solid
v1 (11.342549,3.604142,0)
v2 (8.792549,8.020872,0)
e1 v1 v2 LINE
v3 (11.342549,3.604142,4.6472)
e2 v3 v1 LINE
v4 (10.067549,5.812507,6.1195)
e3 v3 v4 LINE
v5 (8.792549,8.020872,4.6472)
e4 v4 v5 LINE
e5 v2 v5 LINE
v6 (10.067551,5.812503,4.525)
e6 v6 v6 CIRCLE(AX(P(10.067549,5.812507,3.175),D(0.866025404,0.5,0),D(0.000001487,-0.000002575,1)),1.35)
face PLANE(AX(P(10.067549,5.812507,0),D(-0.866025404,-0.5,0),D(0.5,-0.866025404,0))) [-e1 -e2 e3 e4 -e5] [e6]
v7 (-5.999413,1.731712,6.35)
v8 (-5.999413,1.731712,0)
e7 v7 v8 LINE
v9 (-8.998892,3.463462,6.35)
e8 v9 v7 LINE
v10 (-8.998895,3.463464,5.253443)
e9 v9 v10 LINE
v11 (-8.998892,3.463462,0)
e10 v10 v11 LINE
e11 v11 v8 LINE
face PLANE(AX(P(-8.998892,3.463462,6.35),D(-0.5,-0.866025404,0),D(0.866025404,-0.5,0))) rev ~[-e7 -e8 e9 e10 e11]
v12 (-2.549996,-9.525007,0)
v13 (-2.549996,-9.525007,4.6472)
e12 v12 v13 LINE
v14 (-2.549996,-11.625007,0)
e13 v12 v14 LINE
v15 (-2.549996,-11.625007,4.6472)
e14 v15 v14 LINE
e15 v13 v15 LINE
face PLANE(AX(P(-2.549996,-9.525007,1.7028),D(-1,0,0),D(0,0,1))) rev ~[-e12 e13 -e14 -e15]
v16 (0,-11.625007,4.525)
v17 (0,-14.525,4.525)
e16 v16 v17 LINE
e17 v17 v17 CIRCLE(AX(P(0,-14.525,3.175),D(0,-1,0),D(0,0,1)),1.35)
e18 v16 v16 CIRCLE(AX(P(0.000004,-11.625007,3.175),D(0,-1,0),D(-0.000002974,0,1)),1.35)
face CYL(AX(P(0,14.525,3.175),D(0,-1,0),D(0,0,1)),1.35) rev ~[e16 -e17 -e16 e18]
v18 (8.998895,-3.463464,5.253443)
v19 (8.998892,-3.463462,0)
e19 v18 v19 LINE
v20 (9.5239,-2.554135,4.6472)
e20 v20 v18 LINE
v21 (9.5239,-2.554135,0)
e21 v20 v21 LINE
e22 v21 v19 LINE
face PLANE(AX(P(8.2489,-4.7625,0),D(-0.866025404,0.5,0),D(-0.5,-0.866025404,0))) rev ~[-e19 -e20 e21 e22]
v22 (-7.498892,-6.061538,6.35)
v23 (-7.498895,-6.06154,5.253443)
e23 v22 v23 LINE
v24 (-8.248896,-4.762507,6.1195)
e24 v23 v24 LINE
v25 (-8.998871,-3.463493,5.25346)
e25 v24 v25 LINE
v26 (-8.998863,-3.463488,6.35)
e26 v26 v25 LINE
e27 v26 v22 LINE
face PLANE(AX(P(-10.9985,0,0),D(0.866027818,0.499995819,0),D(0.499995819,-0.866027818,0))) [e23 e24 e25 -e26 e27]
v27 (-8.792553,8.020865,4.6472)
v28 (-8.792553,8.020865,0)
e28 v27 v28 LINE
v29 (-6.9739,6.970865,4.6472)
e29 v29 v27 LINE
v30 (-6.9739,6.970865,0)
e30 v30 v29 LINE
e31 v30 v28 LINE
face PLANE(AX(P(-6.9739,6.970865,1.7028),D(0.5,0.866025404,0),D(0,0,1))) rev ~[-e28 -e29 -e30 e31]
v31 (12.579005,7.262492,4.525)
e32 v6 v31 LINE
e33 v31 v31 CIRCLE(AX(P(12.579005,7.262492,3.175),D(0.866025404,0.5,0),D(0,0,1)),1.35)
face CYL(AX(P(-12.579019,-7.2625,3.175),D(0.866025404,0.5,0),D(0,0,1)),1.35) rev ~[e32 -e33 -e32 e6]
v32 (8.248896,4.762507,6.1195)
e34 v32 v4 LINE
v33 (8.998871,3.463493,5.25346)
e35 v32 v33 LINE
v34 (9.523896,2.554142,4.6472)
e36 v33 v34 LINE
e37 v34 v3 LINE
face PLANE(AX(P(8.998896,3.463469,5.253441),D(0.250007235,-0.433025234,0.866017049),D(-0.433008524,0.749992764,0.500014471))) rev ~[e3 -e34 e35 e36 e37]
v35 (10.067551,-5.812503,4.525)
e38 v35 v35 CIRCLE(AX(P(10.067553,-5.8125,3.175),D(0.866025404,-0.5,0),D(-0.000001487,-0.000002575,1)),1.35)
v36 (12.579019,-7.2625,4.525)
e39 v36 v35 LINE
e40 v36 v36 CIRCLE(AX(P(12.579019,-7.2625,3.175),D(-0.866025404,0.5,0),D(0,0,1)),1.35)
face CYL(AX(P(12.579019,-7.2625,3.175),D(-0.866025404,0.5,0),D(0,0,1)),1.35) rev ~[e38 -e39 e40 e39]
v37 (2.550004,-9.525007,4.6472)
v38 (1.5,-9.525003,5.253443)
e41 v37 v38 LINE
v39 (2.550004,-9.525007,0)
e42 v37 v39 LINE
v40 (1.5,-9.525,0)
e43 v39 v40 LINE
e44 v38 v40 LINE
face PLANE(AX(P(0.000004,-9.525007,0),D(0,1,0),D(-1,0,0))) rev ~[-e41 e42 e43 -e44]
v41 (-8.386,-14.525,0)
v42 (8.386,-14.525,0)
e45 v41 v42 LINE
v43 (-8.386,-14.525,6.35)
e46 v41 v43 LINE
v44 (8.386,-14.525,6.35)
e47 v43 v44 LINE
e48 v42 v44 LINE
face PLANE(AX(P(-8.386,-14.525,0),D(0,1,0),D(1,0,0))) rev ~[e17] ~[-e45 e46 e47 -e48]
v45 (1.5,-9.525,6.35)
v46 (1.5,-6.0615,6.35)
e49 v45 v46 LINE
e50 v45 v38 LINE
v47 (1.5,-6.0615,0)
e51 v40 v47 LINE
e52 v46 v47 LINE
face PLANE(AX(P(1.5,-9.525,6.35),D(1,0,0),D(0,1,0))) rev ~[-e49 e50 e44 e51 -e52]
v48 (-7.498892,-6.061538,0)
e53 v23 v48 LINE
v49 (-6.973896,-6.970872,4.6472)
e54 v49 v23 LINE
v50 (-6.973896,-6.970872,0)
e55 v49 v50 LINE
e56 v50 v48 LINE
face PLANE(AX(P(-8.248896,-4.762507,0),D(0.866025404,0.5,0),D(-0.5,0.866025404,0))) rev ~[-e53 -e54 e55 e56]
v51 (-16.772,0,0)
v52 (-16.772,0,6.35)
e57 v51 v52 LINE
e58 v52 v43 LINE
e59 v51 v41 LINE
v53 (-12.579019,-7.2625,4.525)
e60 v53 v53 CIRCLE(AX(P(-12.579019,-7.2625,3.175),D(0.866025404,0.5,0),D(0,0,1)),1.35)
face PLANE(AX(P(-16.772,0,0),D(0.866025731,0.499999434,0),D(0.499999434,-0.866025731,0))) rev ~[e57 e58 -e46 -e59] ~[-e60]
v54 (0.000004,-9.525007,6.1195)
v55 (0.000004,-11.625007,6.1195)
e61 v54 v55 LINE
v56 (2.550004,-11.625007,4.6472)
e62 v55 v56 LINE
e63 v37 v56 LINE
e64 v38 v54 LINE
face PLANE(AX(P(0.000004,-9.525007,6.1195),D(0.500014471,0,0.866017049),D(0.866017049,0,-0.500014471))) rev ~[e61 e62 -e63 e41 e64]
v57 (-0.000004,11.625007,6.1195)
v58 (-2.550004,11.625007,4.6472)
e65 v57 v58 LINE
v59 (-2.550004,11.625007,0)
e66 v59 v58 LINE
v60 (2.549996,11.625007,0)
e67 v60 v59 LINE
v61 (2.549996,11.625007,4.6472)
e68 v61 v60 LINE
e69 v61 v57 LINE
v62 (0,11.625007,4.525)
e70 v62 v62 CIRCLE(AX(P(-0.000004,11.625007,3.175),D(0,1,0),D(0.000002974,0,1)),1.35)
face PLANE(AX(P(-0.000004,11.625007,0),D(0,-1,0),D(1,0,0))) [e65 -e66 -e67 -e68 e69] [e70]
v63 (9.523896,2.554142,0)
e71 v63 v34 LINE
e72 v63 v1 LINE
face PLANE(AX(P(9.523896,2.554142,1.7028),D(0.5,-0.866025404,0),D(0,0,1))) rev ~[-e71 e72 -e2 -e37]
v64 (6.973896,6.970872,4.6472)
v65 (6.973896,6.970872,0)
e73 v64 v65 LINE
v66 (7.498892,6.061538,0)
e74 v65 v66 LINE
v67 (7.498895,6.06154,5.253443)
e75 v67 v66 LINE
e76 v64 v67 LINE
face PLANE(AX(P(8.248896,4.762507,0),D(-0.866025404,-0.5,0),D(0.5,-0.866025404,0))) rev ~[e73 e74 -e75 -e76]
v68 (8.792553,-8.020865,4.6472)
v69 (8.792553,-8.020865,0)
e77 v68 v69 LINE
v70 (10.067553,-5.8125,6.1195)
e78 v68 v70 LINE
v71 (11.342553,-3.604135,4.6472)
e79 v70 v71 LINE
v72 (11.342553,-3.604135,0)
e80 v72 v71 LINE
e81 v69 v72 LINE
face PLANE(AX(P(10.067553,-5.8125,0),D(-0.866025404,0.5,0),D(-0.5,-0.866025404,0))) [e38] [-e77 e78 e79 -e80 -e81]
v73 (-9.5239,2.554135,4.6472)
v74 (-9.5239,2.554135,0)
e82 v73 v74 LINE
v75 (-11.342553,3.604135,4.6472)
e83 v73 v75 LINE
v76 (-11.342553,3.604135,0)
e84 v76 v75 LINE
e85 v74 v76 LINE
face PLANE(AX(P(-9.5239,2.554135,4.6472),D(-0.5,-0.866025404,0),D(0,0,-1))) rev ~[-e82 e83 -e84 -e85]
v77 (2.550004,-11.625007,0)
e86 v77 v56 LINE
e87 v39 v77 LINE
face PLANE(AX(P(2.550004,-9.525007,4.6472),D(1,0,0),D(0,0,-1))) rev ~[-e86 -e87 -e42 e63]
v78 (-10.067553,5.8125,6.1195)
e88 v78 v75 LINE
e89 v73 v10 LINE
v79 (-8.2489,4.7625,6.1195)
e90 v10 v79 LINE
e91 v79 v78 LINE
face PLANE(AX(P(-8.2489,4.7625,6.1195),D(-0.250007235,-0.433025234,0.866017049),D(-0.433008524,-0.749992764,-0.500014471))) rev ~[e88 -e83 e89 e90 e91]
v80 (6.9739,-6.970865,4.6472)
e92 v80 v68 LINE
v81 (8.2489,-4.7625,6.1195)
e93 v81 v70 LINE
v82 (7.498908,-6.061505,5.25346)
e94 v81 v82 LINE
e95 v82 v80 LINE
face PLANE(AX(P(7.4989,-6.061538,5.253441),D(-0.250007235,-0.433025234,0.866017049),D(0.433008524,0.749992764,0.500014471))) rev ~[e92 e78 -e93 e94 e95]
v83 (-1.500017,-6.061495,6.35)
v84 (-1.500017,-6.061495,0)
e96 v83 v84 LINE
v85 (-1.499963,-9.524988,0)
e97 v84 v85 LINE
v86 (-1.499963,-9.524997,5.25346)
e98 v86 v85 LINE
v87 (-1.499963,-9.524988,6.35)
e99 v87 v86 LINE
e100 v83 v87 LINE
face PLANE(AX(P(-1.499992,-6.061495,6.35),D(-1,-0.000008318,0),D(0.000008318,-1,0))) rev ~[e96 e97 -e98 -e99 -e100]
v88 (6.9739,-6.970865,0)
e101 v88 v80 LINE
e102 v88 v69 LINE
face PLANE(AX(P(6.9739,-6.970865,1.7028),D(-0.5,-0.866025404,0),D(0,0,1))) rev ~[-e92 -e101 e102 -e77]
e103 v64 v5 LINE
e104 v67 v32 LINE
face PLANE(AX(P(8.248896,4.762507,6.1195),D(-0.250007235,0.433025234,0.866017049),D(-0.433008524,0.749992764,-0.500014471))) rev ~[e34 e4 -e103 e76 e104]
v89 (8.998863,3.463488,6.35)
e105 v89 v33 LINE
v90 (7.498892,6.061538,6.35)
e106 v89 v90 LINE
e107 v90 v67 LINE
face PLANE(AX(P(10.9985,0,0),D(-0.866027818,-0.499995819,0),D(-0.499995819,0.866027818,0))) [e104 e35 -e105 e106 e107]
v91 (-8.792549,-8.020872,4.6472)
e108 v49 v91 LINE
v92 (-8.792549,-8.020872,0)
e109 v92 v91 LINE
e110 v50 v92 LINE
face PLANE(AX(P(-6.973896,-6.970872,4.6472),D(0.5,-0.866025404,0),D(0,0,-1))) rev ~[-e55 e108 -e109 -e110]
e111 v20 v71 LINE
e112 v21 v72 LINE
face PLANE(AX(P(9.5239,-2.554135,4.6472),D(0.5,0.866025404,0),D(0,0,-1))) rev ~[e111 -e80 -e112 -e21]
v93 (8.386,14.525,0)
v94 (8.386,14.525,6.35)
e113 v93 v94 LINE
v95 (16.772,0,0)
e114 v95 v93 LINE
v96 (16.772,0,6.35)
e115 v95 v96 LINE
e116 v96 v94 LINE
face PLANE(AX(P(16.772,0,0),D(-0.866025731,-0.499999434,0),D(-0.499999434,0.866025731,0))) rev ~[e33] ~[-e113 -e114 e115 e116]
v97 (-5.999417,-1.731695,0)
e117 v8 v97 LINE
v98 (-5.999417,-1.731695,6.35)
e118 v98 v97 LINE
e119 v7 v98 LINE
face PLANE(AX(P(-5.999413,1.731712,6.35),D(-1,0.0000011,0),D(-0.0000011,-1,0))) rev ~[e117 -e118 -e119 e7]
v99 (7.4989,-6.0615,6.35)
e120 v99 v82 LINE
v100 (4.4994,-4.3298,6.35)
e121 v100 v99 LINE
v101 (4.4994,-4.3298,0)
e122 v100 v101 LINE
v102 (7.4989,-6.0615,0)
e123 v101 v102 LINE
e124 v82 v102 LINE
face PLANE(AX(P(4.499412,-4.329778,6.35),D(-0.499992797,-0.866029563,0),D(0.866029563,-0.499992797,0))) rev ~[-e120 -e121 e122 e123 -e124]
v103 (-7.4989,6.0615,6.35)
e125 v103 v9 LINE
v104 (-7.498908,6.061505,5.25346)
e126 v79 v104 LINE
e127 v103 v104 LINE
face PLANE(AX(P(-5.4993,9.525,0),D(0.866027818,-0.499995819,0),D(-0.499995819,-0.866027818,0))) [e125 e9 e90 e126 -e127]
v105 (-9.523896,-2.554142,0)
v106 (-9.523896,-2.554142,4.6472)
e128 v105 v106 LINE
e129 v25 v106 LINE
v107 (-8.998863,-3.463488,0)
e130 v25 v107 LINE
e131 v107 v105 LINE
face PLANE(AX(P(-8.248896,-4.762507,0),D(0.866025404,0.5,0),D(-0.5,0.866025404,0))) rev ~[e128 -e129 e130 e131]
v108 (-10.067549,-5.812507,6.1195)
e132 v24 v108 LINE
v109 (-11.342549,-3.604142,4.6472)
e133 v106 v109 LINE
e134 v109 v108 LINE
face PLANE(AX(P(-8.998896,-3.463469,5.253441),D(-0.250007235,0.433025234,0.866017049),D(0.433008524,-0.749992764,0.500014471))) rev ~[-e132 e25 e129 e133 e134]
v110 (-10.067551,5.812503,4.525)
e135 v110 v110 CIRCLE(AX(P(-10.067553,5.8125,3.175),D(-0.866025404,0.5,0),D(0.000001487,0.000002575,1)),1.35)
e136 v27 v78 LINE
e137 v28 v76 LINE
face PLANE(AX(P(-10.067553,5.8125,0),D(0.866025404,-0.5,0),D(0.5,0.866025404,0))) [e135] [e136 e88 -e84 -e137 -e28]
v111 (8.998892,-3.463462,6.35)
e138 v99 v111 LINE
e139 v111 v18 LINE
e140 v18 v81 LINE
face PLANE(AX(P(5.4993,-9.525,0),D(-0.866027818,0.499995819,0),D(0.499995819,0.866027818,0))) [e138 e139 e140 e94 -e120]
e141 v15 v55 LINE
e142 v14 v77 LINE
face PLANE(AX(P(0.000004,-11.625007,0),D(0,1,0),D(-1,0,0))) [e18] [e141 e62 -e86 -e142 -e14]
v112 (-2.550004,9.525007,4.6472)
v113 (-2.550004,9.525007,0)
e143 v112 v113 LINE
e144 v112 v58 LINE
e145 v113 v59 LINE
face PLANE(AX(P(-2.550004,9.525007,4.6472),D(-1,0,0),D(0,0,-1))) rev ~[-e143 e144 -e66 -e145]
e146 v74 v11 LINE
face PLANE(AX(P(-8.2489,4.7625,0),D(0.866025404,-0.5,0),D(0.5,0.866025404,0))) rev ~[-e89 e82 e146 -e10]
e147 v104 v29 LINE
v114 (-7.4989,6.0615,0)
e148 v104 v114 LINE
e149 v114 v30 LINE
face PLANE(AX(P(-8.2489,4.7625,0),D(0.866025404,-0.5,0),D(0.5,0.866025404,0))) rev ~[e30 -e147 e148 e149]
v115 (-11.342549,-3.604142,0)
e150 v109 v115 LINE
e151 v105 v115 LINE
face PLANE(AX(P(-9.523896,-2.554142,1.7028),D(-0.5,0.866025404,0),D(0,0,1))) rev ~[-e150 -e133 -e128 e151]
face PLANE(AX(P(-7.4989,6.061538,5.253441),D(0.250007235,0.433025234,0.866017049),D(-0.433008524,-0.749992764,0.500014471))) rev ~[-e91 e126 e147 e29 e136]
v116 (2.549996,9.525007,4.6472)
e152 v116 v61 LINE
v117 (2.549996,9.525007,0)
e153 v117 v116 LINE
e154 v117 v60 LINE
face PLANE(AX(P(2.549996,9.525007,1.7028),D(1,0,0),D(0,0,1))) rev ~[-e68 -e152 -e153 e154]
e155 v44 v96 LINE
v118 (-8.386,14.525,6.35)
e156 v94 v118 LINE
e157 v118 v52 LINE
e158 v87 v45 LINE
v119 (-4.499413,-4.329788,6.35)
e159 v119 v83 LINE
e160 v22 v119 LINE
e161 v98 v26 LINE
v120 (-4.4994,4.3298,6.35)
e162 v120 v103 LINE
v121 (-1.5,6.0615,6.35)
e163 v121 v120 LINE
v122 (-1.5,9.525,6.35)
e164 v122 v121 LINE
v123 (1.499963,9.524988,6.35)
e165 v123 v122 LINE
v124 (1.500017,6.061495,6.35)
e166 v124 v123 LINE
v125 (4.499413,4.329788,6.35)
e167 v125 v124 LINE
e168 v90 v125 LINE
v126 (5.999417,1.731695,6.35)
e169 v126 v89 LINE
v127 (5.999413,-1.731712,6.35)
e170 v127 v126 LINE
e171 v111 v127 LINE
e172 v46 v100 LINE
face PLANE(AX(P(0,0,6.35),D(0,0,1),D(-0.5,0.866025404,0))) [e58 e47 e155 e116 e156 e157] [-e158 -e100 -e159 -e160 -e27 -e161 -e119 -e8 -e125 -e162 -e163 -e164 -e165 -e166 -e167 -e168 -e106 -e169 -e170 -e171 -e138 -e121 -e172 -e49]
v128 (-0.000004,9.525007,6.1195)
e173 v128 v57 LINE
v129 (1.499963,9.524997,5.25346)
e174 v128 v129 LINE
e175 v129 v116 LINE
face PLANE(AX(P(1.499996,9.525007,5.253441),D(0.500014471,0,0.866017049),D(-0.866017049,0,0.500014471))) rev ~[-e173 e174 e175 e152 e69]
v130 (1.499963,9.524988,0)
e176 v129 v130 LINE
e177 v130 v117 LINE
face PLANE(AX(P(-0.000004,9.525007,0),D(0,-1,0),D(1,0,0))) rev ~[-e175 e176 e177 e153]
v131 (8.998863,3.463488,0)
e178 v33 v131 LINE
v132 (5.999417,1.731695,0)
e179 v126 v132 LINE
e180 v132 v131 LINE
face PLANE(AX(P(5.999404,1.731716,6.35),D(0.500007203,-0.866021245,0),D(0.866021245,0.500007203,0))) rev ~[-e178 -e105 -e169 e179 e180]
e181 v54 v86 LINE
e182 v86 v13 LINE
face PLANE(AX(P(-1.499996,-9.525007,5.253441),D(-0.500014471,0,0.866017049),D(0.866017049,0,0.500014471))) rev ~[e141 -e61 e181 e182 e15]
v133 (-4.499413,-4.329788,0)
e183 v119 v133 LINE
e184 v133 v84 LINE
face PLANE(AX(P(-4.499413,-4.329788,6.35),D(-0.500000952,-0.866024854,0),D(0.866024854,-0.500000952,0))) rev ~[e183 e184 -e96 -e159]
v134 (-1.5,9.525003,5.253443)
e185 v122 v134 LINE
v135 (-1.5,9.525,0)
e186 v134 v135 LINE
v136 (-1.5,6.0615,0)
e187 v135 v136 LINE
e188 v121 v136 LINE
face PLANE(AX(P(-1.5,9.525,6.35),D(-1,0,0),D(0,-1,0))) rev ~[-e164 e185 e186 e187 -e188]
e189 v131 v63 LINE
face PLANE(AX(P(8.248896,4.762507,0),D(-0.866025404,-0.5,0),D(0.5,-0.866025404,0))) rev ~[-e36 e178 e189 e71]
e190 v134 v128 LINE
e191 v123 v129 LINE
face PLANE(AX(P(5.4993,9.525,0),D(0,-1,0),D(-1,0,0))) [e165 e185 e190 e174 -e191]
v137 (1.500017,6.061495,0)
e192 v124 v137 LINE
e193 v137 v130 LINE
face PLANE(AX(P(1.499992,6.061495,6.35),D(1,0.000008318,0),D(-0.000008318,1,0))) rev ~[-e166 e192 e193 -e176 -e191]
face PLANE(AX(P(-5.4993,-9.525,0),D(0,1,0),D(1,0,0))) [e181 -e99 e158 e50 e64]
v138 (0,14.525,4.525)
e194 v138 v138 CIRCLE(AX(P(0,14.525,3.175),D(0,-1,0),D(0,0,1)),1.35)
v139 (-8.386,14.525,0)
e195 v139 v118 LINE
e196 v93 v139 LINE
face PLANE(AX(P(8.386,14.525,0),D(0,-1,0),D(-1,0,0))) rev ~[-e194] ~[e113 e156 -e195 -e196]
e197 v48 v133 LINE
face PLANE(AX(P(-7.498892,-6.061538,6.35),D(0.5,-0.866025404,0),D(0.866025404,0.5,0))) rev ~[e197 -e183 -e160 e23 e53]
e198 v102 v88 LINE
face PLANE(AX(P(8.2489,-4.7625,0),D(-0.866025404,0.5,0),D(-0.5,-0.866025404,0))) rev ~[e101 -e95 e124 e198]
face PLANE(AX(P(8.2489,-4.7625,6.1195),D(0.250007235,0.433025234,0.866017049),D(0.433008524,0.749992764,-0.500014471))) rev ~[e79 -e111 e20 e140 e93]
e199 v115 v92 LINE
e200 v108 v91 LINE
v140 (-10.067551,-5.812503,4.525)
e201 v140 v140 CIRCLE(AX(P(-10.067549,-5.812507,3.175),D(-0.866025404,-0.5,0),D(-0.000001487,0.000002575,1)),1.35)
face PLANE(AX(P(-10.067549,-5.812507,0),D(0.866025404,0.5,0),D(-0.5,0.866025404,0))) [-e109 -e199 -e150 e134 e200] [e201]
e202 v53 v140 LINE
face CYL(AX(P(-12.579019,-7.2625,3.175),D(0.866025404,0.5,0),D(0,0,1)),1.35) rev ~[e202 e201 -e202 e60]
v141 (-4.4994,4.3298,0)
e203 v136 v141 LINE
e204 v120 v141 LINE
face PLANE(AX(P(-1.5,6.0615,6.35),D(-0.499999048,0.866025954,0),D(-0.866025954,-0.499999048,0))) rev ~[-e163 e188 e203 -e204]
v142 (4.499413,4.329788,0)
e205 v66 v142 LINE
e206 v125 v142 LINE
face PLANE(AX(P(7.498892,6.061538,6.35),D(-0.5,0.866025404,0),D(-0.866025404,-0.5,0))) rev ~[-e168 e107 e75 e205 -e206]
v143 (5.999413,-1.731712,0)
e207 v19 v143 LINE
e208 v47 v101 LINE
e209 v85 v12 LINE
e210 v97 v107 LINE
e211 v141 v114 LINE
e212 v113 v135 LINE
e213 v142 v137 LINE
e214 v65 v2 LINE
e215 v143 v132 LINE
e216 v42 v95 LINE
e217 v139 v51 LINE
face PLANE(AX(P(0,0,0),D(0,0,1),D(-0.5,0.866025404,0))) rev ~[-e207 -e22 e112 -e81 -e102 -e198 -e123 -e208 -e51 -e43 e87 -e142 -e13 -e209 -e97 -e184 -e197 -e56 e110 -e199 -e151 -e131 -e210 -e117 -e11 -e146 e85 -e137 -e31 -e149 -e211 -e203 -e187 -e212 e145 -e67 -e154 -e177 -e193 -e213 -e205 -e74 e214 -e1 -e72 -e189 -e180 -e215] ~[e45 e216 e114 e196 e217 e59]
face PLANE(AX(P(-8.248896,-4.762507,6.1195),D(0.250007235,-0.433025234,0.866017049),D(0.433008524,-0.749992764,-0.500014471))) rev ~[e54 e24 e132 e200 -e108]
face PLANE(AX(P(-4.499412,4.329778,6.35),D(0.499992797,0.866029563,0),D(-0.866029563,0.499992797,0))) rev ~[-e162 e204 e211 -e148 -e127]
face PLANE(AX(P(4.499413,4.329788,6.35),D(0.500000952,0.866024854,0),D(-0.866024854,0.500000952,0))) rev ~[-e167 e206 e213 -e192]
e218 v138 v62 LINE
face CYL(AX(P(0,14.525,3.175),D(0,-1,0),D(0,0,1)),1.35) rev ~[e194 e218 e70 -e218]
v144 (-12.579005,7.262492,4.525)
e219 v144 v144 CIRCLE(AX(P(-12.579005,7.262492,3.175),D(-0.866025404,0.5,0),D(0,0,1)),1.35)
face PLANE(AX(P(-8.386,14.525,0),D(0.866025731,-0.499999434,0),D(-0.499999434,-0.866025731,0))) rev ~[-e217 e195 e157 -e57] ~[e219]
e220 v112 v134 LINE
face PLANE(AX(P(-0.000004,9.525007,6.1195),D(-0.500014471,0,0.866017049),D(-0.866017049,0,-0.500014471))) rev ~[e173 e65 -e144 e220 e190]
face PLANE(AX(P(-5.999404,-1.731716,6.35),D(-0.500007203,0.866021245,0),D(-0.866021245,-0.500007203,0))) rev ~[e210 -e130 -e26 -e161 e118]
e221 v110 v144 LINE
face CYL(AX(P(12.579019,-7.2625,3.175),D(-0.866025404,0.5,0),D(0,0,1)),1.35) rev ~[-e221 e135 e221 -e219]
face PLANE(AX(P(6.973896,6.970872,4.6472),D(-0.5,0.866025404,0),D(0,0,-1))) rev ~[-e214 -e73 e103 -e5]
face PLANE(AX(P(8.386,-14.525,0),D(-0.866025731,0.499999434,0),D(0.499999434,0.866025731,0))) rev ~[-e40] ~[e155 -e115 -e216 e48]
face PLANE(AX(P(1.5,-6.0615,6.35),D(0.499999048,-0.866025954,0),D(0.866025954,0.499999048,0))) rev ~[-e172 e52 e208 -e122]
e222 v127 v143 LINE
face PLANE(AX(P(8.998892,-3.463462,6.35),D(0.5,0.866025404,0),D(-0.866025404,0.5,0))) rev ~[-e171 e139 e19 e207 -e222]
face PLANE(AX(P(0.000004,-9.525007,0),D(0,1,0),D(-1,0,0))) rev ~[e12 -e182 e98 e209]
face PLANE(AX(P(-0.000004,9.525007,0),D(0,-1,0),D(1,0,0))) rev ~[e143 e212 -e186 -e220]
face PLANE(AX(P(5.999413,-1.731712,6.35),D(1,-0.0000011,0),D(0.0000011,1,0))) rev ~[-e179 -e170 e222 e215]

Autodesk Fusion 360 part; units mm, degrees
sketch "Sketch1" plane through (0, 0, 0) normal (0, 0, 1) x (1, 0, 0)
  line L0 (-5.4993, 9.525) -> (-10.9985, 0)
  line L1 (-10.9985, 0) -> (-5.4993, -9.525)
  line L2 (-5.4993, -9.525) -> (5.4993, -9.525)
  line L3 (5.4993, -9.525) -> (10.9985, 0)
  line L4 (10.9985, 0) -> (5.4993, 9.525)
  line L5 (5.4993, 9.525) -> (-5.4993, 9.525)
  line L6 (-8.386, -14.525) -> (8.386, -14.525)
  line L7 (8.386, -14.525) -> (16.772, 0)
  line L8 (16.772, 0) -> (8.386, 14.525)
  line L9 (8.386, 14.525) -> (-8.386, 14.525)
  line L10 (-8.386, 14.525) -> (-16.772, 0)
  line L11 (-16.772, 0) -> (-8.386, -14.525)
  dimension "d1" = 19.05
  dimension "d2" = 5
extrude "Extrude1" add sketch "Sketch1" along normal blind 6.35
sketch "Sketch2" plane through (0, 0, 6.35) normal (0, 0, 1) x (-1, 0, 0)
  line L0 (5.4993, -9.525) -> (-5.4993, -9.525)
  line L1 (-5.4993, -9.525) -> (-10.9985, 0)
  line L2 (-10.9985, 0) -> (-5.4993, 9.525)
  line L3 (-5.4993, 9.525) -> (5.4993, 9.525)
  line L4 (5.4993, 9.525) -> (10.9985, 0)
  line L5 (10.9985, 0) -> (5.4993, -9.525)
  line L6 (16.772, 0) -> (8.386, 14.525)
  line L7 (8.386, 14.525) -> (-8.386, 14.525)
  line L8 (-8.386, 14.525) -> (-16.772, 0)
  line L9 (-16.772, 0) -> (-8.386, -14.525)
  line L10 (-8.386, -14.525) -> (8.386, -14.525)
  line L11 (8.386, -14.525) -> (16.772, 0)
  line L12 (1.5, -9.525) -> (1.5, -2.5981)
  line L13 (1.5, -2.5981) -> (7.4989, -6.0615)
  line L14 (1.5, -6.0615) -> (4.4994, -4.3298)
  dimension "d5" = 1.5
extrude "Extrude2" add sketch "Sketch2" against normal up to surface (6.35 mm away) contours L0 L5 L12 L13 L14
pattern_circular "C-Pattern1" count 6 over 360 about axis through (0, 0, 1.75) along (0, 0, 1) of "Extrude2"
sketch "Sketch3" plane through (0, 14.525, 0) normal (0, 1, 0) x (-1, 0, 0)
  line L0 (-8.386, 0) -> (8.386, 0)
  line L1 (8.386, 0) -> (8.386, 6.35)
  line L2 (8.386, 6.35) -> (-8.386, 6.35)
  line L3 (-8.386, 6.35) -> (-8.386, 0)
  point P0 (0, 3.175)
  point P1 (8.386, 3.175)
hole "Hole1" at (0, 14.525, 3.175) direction (0, -1, 0) diameter 2.7 end through all
pattern_circular "C-Pattern2" count 3 over 360 about axis through (0, 0, 1.75) along (0, 0, 1) of "Hole1"
sketch "Sketch4" plane through (8.2489, -4.7625, 0) normal (-0.866, 0.5, 0) x (-0.5, -0.866, 0)
  circle A0 centre (0, 3.175) radius 1.35
  line L0 (-1.5, 6.35) -> (-1.5, 0)
  line L1 (-1.5, 0) -> (1.5, 0)
  line L2 (1.5, 0) -> (1.5, 6.35)
  line L3 (1.5, 6.35) -> (-1.5, 6.35)
  line L4 (-2.55, 1.7028) -> (0, 0.2305)
  line L5 (0, 0.2305) -> (2.55, 1.7028)
  line L6 (2.55, 1.7028) -> (2.55, 4.6472)
  line L7 (2.55, 4.6472) -> (0, 6.1195)
  line L8 (0, 6.1195) -> (-2.55, 4.6472)
  line L9 (-2.55, 4.6472) -> (-2.55, 1.7028)
  line L10 (-2.55, 1.7028) -> (-2.55, 0)
  line L11 (-2.55, 0) -> (2.55, 0)
  line L12 (2.55, 0) -> (2.55, 1.7028)
  point P0 (0, 3.175)
  dimension "d15" = 5.1
extrude "Extrude3" cut sketch "Sketch4" against normal blind 2.1 contours L0 L2 L4 L5 L7 L8 | L0 L4 L8 L9 | L0 L1 L2 L4 L5 L11 | L0 L4 L10 L11 | L2 L5 L6 L7 | L2 L5 L11 L12
pattern_circular "C-Pattern3" count 6 over 360 about axis through (0, 0, 1.75) along (0, 0, 1) of "Extrude3"
